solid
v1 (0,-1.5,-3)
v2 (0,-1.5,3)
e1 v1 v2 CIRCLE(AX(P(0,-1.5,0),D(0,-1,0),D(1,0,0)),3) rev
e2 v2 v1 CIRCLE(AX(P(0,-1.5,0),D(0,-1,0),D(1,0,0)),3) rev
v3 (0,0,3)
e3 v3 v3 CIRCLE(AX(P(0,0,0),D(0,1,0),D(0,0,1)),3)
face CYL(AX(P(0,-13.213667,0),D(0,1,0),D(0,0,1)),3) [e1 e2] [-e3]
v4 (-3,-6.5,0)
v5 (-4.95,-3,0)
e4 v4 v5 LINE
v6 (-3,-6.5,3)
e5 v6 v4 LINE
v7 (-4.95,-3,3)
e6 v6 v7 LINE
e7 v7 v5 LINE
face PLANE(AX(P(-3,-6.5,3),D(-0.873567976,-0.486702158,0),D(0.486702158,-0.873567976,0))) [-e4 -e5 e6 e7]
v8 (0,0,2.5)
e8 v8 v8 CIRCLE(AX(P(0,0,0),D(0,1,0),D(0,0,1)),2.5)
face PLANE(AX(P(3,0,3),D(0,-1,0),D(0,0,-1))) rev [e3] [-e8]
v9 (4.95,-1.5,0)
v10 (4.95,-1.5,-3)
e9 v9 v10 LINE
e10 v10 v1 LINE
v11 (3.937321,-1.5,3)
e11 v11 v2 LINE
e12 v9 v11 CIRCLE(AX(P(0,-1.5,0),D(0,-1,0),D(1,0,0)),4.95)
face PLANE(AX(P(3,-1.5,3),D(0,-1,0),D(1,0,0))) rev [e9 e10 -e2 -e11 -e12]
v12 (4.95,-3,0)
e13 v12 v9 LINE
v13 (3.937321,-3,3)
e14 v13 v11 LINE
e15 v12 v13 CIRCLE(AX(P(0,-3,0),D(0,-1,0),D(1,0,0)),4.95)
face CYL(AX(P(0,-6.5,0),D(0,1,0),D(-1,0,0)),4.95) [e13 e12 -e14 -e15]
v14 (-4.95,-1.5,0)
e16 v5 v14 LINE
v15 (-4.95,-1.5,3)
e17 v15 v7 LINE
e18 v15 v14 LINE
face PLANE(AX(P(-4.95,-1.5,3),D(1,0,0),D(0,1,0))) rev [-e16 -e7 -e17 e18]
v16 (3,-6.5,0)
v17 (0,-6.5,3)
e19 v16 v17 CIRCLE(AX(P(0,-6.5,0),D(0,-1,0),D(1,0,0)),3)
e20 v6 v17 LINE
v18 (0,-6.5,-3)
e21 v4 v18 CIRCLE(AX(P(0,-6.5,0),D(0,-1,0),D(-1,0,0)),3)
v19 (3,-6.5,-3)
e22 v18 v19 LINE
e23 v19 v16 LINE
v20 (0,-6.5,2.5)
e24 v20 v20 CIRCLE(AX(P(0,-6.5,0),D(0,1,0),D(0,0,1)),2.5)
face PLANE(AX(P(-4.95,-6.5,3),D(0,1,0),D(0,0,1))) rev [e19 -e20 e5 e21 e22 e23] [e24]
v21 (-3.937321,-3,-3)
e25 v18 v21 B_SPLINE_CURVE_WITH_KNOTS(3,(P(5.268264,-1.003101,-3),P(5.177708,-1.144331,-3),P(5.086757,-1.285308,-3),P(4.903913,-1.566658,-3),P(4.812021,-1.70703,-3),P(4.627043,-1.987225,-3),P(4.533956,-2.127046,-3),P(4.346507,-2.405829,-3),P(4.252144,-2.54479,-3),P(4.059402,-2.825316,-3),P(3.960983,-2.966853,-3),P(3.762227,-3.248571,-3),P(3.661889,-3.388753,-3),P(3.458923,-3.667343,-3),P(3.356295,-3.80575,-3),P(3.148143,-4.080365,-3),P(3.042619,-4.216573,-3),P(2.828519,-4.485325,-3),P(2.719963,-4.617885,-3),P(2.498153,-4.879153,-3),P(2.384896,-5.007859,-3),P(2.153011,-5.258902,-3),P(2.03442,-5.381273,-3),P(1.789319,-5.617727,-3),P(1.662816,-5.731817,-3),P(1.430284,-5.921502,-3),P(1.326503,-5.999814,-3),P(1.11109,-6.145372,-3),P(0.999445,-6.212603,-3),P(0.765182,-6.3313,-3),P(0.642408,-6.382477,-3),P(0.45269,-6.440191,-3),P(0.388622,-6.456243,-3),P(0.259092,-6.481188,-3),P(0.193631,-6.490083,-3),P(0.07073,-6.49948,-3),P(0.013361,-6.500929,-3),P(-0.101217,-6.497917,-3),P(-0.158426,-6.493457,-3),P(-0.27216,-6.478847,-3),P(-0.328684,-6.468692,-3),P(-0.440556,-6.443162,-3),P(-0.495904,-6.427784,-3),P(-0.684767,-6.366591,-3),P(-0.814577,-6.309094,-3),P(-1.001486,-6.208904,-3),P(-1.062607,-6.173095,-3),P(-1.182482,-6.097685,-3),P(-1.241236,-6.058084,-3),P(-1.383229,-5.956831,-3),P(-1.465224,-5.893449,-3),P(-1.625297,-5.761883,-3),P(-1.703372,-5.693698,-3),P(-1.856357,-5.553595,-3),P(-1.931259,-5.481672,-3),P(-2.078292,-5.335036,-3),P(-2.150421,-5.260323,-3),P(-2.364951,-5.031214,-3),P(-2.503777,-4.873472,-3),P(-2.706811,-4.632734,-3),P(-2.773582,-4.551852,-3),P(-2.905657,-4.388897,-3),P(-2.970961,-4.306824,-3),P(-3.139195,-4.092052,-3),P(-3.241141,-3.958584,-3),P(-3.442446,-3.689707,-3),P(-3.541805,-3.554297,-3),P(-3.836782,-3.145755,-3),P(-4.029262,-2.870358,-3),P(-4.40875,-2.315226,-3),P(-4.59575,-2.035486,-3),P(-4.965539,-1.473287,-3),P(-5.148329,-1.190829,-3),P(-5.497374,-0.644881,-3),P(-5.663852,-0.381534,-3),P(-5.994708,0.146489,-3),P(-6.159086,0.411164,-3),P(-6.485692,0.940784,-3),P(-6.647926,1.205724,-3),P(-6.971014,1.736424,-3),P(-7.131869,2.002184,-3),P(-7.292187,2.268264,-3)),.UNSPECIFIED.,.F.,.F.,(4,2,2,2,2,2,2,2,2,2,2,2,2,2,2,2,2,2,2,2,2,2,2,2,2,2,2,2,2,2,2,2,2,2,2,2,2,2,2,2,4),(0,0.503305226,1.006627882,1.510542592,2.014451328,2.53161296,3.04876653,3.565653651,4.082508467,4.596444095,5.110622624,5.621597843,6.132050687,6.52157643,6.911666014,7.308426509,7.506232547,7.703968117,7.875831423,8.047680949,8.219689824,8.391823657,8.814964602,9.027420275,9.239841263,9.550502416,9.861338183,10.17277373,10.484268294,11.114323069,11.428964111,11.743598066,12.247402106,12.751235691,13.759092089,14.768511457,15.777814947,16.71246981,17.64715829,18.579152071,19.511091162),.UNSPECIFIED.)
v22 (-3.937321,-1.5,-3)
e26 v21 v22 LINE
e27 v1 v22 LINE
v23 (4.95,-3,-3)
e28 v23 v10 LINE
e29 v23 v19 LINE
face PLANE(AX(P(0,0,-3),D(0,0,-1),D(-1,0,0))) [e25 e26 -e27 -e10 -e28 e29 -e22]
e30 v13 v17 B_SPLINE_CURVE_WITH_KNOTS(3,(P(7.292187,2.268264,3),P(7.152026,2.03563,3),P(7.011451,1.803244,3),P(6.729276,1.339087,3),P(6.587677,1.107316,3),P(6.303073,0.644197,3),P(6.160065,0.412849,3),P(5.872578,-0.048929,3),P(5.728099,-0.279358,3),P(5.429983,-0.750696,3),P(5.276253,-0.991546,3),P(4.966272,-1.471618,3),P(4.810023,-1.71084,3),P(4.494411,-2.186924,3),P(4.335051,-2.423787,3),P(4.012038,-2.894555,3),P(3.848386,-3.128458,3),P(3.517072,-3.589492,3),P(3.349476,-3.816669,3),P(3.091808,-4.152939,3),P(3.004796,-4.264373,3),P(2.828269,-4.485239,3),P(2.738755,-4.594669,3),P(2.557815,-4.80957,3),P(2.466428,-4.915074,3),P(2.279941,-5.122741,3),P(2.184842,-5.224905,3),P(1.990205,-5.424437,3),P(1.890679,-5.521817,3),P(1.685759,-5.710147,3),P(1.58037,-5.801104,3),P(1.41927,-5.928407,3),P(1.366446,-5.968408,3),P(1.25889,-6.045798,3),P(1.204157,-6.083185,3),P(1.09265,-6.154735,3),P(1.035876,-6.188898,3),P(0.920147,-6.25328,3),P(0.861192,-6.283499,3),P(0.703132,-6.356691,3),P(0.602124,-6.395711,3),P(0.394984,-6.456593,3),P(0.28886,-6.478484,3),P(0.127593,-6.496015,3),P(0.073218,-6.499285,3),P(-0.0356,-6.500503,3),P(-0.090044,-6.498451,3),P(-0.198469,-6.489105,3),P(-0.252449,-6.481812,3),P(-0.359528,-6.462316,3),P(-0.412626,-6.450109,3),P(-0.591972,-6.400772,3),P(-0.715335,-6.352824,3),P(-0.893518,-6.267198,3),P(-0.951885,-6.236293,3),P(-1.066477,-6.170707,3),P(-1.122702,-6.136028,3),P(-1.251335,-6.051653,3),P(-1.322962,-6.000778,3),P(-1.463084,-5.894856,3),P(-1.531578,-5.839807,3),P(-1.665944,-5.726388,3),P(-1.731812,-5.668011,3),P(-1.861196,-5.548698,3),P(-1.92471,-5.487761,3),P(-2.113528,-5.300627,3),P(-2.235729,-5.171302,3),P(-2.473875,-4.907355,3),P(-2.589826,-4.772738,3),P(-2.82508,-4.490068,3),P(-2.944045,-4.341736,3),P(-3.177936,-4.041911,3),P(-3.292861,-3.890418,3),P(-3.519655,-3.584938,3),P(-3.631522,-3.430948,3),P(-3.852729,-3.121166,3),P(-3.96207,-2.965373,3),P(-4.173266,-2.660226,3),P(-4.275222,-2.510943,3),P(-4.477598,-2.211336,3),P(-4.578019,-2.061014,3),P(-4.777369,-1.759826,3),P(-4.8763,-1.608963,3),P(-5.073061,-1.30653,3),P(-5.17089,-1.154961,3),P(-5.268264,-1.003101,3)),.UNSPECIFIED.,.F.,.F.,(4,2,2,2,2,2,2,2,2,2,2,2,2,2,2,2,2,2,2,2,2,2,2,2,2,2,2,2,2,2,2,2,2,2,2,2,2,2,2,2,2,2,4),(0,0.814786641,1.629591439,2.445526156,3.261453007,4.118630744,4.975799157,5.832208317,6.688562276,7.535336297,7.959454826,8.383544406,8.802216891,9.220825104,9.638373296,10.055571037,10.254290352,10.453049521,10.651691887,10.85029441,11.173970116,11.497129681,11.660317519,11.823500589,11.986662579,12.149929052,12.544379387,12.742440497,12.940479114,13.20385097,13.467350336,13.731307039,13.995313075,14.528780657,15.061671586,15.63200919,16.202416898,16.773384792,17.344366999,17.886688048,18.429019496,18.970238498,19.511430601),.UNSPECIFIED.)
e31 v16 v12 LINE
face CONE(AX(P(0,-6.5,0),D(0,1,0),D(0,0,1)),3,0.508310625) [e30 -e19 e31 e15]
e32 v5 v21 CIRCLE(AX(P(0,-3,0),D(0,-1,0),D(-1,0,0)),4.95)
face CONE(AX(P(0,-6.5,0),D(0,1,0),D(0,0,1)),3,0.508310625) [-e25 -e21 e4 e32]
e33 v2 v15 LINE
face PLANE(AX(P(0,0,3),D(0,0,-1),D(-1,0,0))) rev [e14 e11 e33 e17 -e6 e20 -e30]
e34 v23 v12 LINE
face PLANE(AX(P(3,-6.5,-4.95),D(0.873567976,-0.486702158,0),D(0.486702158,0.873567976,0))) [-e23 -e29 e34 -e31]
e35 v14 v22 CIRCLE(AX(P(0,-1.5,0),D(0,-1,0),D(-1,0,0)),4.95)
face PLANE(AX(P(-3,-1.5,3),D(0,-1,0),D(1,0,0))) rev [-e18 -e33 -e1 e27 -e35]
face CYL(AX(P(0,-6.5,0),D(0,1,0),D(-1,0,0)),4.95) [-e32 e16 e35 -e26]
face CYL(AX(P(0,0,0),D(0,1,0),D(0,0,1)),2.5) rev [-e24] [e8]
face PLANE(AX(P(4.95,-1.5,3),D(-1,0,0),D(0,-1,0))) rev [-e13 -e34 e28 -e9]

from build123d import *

# Parameters (mm, degrees)
EXTRUDE_1_DEPTH       = 3
HOLE_WIZARD_M61_D     = 5
HOLE_WIZARD_M61_DEPTH = 6.5
SKETCH_4_OUTSIDE_W    = 14.556
SKETCH_4_OUTSIDE_H    = 10.656
SKETCH_4_OUTSIDE_R    = 3
CUT_EXTRUDE_1_DEPTH   = 1.5
CUT_EXTRUDE_2_DEPTH   = 6


with BuildPart() as part:
    # Эскиз1 → Бобышка-Вытянуть1 (new body, symmetric)
    with BuildSketch(Plane.XY):
        Polygon((3, 0), (-3, 0), (-3, -1.5), (-4.95, -1.5), (-4.95, -6.5), (4.95, -6.5), (4.95, -1.5), (3, -1.5), align=None)
    extrude(amount=EXTRUDE_1_DEPTH, both=True)

    # Отверстие обработанное метчиком M61
    with Locations(Plane(origin=(0, 0, 0), x_dir=(1, 0, 0), z_dir=(0, 1, 0))):
        with Locations((0, 0)):
            Hole(HOLE_WIZARD_M61_D / 2, depth=HOLE_WIZARD_M61_DEPTH)

    # Эскиз4 outside → Вырез-Вытянуть1 (cut)
    with BuildSketch(Plane(origin=(0, 0, 0), x_dir=(1, 0, 0), z_dir=(0, 1, 0))):
        Rectangle(SKETCH_4_OUTSIDE_W, SKETCH_4_OUTSIDE_H)
        with Locations(Location((0, 0, 0), (0, 0, 270))):  # turned: the seam where the file's is
            Circle(SKETCH_4_OUTSIDE_R, mode=Mode.SUBTRACT)
    extrude(amount=-CUT_EXTRUDE_1_DEPTH, mode=Mode.SUBTRACT)

    # Эскиз5 → Вырез-Вытянуть2 (cut, through all)
    with BuildSketch(Plane(origin=(0, -1.5, 0), x_dir=(1, 0, 0), z_dir=(0, 1, 0))):
        with BuildLine():
            Line((-4.95, 0), (-4.95, 3))
            Line((-4.95, 3), (-3.937321425, 3))
            ThreePointArc((-3.937321425, 3), (-4.690002188, 1.583154912), (-4.95, 0))
        make_face()
        with BuildLine():
            Line((4.95, 0), (4.95, -3))
            Line((4.95, -3), (3.937321425, -3))
            ThreePointArc((3.937321425, -3), (4.690002188, -1.583154912), (4.95, 0))
        make_face()
    extrude(amount=-CUT_EXTRUDE_2_DEPTH, mode=Mode.SUBTRACT)

    # Вырез-По траектории1: sweep along a path in Эскиз7
    with BuildLine(Plane.XZ.offset(6.5)) as sweep_1_path:
        Line((0, 4.95), (-4.95, 4.95))
        Line((-4.95, 4.95), (-4.95, 0))
        ThreePointArc((-4.95, 0), (-3.500178567, -3.500178567), (0, -4.95))
        Line((0, -4.95), (4.95, -4.95))
        Line((4.95, -4.95), (4.95, 0))
        ThreePointArc((4.95, 0), (3.500178567, 3.500178567), (0, 4.95))
    # Эскиз6 → Вырез-По траектории1 (sweep, cut)
    with BuildSketch(Plane.XY.offset(3)):
        Polygon((-4.95, -3), (-4.95, -6.5), (-3, -6.5), align=None)
    sweep(path=sweep_1_path.line, transition=Transition.RIGHT, mode=Mode.SUBTRACT)


solid = part.part
